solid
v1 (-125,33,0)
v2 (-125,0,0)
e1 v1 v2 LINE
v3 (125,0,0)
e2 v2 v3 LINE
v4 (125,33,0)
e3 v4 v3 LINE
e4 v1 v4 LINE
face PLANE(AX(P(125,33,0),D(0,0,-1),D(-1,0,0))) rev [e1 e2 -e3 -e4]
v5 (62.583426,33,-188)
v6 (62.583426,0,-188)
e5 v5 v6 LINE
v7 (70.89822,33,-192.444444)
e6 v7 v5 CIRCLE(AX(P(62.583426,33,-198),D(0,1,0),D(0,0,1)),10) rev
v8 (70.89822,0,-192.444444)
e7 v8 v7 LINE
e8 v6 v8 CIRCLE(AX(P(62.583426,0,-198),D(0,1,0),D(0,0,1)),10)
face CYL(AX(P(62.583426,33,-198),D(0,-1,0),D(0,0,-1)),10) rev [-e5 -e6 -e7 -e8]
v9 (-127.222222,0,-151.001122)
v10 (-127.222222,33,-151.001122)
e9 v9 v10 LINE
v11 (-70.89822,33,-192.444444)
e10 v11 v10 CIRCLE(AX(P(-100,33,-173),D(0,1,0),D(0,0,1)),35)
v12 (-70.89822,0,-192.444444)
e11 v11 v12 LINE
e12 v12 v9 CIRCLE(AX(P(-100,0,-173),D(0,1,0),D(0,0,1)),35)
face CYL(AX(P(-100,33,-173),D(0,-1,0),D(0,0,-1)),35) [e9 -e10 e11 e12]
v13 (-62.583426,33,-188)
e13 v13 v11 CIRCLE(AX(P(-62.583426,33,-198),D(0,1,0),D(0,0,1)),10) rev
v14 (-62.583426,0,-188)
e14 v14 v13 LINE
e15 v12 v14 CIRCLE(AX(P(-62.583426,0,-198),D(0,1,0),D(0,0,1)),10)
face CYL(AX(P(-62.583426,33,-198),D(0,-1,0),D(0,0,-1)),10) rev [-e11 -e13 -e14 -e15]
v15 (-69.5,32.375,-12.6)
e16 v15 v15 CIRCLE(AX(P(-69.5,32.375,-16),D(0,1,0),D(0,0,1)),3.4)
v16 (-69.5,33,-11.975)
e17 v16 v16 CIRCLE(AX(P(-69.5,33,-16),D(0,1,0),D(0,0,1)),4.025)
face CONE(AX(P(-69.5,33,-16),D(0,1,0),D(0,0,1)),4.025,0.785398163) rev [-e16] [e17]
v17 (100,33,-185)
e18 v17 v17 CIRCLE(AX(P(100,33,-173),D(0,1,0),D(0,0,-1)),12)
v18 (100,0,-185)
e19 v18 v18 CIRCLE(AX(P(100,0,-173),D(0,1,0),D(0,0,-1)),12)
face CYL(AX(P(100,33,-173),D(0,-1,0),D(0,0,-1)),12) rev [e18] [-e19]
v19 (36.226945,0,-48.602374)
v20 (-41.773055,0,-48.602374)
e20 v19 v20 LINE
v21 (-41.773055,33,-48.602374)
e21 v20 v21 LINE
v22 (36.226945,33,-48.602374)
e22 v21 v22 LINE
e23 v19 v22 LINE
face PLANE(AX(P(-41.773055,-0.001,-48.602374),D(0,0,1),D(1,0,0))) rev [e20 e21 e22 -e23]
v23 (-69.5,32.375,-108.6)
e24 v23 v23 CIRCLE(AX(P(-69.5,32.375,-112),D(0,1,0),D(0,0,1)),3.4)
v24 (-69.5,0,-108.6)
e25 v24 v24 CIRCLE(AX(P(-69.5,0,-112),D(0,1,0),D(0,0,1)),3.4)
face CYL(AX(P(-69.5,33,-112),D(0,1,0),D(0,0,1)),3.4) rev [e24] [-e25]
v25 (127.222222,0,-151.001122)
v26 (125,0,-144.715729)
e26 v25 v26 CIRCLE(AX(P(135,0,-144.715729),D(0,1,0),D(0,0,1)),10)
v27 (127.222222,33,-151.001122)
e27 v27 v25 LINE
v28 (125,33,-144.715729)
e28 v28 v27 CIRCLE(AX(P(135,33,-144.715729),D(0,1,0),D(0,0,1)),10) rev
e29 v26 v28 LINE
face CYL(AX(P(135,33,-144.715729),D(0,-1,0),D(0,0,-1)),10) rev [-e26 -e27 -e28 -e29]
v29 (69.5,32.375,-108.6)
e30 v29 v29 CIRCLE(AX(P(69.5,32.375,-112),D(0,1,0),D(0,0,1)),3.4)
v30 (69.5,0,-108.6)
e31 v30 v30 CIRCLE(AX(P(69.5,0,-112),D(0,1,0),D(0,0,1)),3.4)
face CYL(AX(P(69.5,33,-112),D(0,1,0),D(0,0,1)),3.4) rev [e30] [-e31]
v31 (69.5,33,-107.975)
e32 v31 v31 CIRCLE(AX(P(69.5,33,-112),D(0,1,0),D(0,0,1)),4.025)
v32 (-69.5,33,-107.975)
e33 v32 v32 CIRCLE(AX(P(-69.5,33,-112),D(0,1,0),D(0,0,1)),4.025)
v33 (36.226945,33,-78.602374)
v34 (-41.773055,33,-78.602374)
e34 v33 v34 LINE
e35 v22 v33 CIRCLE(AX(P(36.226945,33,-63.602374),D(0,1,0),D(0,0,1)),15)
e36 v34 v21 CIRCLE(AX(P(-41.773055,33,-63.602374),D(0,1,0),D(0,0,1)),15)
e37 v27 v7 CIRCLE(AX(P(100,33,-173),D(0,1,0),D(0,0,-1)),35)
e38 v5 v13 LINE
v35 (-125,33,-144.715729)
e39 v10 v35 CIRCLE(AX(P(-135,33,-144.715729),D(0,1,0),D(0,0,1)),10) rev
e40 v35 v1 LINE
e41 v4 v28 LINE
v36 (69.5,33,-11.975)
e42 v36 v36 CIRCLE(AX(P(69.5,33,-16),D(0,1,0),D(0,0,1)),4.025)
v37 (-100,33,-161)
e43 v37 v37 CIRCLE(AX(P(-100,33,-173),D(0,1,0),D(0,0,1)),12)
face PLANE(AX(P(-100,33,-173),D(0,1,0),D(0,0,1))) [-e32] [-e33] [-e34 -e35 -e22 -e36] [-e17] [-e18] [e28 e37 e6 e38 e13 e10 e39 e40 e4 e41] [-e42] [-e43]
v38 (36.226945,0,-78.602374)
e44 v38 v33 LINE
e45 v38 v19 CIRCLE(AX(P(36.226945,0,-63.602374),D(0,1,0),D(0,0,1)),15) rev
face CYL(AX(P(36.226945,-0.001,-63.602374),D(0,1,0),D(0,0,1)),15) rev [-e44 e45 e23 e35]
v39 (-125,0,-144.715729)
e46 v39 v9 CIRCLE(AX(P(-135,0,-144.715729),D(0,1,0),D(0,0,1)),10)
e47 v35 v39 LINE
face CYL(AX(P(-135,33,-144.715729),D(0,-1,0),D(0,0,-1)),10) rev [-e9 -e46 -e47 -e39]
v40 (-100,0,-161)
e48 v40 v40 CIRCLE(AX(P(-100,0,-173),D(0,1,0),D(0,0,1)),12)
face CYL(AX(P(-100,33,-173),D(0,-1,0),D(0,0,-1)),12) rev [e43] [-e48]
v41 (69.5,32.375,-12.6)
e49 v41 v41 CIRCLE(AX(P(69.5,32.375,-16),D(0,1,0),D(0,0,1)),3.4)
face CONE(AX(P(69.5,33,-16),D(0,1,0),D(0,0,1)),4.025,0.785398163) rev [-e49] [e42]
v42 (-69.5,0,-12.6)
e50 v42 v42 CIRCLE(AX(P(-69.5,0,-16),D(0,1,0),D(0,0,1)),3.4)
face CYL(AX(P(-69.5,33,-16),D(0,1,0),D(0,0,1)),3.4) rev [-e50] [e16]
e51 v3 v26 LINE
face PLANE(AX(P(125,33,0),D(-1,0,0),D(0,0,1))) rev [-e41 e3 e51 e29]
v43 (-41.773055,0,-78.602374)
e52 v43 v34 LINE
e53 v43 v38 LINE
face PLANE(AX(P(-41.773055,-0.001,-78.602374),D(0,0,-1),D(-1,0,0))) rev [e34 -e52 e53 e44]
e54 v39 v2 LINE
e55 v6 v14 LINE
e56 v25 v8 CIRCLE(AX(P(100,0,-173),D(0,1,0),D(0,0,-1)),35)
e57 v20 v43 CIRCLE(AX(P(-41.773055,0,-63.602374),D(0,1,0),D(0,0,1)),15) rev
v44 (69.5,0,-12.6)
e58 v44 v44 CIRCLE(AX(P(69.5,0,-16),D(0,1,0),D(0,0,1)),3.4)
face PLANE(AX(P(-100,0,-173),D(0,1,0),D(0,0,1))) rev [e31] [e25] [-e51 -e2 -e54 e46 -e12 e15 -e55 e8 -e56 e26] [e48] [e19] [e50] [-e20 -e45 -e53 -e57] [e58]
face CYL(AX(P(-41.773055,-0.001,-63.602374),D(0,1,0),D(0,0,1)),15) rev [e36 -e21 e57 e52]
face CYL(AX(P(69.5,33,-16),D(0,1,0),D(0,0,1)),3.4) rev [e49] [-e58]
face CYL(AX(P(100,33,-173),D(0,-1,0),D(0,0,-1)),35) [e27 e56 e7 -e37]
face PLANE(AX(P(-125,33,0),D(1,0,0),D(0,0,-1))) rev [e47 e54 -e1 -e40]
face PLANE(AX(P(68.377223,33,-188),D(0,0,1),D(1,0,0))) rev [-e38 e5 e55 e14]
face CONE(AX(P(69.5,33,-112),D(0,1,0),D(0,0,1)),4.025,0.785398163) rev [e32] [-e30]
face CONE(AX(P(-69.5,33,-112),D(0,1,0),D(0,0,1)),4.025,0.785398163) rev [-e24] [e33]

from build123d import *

# Parameters (mm, degrees)
SKETCH1_R                   = 12
BOSS_EXTRUDE1_DEPTH         = 33
FILLET1_R                   = 10
M8_TAPPED_HOLE1_D           = 6.8
M8_TAPPED_HOLE1_DEPTH       = 33
M8_TAPPED_HOLE1_CSINK_D     = 8.05
M8_TAPPED_HOLE1_CSINK_ANGLE = 90
CUT_EXTRUDE1_REACH          = 35


with BuildPart() as part:
    # Sketch1 → Boss-Extrude1 (new body)
    with BuildSketch(Plane(origin=(0, 0, 0), x_dir=(1, 0, 0), z_dir=(0, 1, 0))):
        with BuildLine():
            Line((125, 0), (-125, 0))
            Line((-125, 0), (-125, 148.505102572))
            ThreePointArc((-125, 148.505102572), (-120.023162168, 201.706671295), (-68.377223398, 188))
            Line((-68.377223398, 188), (68.377223398, 188))
            ThreePointArc((68.377223398, 188), (120.023162168, 201.706671295), (125, 148.505102572))
            Line((125, 148.505102572), (125, 0))
        make_face()
        with Locations((-100, 173)):
            Circle(SKETCH1_R, mode=Mode.SUBTRACT)
        with Locations((100, 173)):
            Circle(SKETCH1_R, mode=Mode.SUBTRACT)
    extrude(amount=BOSS_EXTRUDE1_DEPTH)

    # Fillet1
    fillet1_edges = [part.edges().sort_by_distance(p)[0] for p in [
        (-125, 16.5, -148.505102572),
        (-68.377223398, 16.5, -188),
        (68.377223398, 16.5, -188),
        (125, 16.5, -148.505102572),
    ]]
    fillet(fillet1_edges, radius=FILLET1_R)

    # M8 Tapped Hole1
    with Locations(Plane(origin=(0, 33, 0), x_dir=(1, 0, 0), z_dir=(0, 1, 0))):
        with Locations((-69.5, 112), (69.5, 112), (69.5, 16), (-69.5, 16)):
            CounterSinkHole(M8_TAPPED_HOLE1_D / 2, M8_TAPPED_HOLE1_CSINK_D / 2, depth=M8_TAPPED_HOLE1_DEPTH, counter_sink_angle=M8_TAPPED_HOLE1_CSINK_ANGLE)

    # Sketch4 → Cut-Extrude1 (cut, up to next)
    with BuildSketch(Plane(origin=(0, 33, 0), x_dir=(1, 0, 0), z_dir=(0, 1, 0)), mode=Mode.PRIVATE) as cut_extrude1_sk1:
        with BuildLine():
            Line((-41.773055434, 78.602374467), (36.226944566, 78.602374467))
            ThreePointArc((36.226944566, 78.602374467), (51.226944566, 63.602374467), (36.226944566, 48.602374467))
            Line((36.226944566, 48.602374467), (-41.773055434, 48.602374467))
            ThreePointArc((-41.773055434, 48.602374467), (-56.773055434, 63.602374467), (-41.773055434, 78.602374467))
        make_face()
    cut_extrude1_tool1 = extrude(cut_extrude1_sk1.sketch, amount=-CUT_EXTRUDE1_REACH, mode=Mode.PRIVATE) & part.part
    add(cut_extrude1_tool1.solids().sort_by_distance((-2.773055, 33, -63.602374))[0], mode=Mode.SUBTRACT)


solid = part.part
